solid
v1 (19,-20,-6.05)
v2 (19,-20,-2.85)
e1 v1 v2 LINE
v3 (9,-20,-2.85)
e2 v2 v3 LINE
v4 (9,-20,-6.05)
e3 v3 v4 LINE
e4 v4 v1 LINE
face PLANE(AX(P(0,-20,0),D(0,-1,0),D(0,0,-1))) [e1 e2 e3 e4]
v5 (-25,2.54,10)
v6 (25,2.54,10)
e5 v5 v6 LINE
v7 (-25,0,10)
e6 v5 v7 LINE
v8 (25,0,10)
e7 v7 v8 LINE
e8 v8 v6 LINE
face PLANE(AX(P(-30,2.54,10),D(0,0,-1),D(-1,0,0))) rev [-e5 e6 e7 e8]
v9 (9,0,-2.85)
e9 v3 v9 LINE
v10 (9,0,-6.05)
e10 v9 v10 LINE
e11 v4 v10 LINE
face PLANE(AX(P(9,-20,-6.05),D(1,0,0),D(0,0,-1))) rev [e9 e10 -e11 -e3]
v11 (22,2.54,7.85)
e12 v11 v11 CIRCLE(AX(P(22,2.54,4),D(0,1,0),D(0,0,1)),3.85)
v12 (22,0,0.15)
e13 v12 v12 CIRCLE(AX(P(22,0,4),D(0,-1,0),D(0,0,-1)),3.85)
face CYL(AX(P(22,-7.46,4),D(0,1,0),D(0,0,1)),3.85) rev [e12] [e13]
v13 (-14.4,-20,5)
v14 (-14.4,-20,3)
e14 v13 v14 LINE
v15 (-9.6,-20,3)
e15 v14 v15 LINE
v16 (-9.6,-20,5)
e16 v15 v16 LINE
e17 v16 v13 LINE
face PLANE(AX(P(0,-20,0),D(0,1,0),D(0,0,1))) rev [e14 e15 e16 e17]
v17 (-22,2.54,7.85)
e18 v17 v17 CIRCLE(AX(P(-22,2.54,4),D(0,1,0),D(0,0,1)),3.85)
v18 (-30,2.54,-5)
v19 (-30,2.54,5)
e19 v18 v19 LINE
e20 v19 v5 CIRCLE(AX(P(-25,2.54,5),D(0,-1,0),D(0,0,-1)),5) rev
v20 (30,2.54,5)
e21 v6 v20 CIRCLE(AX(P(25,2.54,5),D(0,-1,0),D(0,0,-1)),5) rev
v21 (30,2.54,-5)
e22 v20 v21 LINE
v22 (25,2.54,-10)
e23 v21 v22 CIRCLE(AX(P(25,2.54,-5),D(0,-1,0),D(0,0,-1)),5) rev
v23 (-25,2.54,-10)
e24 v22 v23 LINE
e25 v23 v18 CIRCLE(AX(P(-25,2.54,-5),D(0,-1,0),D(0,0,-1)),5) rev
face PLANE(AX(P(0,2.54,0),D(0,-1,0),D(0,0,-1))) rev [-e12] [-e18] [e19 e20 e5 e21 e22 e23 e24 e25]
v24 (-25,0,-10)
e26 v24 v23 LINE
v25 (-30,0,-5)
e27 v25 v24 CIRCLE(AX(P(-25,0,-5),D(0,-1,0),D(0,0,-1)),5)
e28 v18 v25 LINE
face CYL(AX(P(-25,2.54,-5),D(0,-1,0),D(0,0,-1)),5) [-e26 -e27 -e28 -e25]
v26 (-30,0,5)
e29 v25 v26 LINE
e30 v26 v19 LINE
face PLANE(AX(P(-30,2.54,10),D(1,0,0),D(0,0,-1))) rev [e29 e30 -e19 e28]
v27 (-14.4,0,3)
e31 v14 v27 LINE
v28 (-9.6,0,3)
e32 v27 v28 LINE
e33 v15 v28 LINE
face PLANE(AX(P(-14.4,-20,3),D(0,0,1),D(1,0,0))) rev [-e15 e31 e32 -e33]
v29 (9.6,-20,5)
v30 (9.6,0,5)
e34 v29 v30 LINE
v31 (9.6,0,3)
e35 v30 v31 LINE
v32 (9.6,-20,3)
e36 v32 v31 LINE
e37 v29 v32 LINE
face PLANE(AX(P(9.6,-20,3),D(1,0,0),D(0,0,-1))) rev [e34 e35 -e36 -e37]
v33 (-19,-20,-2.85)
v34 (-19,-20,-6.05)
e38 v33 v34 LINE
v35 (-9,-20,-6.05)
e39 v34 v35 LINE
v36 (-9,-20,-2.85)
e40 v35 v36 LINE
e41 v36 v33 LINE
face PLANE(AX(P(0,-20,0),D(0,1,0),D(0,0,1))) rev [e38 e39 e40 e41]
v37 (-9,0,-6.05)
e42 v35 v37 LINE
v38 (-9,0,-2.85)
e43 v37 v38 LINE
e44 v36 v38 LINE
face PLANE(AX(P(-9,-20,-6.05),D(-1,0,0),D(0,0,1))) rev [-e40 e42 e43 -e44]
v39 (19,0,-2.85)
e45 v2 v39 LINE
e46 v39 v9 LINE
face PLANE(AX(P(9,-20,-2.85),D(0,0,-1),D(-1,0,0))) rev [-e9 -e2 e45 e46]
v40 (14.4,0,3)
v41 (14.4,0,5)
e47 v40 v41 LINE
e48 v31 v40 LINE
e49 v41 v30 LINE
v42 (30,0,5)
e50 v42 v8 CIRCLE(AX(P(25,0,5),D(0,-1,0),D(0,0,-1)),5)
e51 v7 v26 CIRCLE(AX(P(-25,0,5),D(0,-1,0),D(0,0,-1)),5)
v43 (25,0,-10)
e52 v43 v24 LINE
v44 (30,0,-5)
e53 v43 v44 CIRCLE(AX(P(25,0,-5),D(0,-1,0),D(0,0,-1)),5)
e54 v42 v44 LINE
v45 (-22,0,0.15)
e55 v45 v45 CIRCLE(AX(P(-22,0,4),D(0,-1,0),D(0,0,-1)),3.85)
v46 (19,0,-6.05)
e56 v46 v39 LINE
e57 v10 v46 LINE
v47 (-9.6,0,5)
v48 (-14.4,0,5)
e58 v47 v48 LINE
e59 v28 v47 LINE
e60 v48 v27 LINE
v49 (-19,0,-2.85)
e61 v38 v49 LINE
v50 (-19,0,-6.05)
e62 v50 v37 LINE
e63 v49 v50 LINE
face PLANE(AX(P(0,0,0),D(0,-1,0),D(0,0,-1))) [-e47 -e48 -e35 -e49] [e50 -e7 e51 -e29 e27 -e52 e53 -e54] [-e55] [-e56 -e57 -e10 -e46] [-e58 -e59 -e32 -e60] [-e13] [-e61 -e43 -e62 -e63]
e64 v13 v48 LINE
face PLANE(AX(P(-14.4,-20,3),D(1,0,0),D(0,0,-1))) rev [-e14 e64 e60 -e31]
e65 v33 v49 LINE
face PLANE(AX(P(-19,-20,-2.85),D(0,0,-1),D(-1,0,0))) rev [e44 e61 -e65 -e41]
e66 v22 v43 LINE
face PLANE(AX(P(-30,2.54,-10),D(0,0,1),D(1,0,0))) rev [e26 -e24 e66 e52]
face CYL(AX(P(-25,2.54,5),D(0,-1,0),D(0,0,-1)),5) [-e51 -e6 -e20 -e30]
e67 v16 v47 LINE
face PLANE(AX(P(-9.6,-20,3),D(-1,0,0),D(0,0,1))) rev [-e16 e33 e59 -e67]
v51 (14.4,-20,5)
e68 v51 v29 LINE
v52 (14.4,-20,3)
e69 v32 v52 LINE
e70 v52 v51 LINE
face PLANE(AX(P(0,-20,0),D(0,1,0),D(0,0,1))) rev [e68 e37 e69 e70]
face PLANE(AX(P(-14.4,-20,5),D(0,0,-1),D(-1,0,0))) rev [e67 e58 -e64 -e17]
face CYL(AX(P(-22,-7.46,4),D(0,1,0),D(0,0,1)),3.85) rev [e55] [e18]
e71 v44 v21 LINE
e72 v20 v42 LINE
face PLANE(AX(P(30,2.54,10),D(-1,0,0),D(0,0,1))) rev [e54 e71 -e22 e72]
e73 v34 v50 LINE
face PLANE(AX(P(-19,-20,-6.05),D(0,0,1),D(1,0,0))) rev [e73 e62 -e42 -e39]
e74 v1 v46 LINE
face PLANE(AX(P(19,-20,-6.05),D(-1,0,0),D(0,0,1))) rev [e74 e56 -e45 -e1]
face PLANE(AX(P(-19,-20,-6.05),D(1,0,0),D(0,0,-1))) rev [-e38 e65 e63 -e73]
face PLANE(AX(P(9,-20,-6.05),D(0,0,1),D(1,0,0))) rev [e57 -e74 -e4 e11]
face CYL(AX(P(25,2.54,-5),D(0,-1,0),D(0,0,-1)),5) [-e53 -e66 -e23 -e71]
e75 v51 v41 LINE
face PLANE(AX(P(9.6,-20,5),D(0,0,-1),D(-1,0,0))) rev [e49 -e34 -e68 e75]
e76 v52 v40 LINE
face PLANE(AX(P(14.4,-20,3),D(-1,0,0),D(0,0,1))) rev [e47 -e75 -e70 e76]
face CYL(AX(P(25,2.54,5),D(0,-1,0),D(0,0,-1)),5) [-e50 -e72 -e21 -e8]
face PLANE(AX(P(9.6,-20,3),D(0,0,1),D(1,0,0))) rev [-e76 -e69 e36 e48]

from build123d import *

# Parameters (mm, degrees)
SKETCH1_W            = 60
SKETCH1_H            = 20
BOSS_EXTRUDE1_DEPTH  = 2.54
SKETCH2_R            = 3.85
EYESHAFT_HOLES_DEPTH = 10
SKETCH5_W            = 4.8
SKETCH5_H            = 2
FRONT_LEGS_DEPTH     = 20
SKETCH7_W            = 10
SKETCH7_H            = 3.2
BACK_LEGS_DEPTH      = 20
FILLET2_R            = 5


with BuildPart() as part:
    # Sketch1 → Boss-Extrude1 (new body)
    with BuildSketch(Plane(origin=(0, 0, 0), x_dir=(1, 0, 0), z_dir=(0, 1, 0))):
        Rectangle(SKETCH1_W, SKETCH1_H)
    extrude(amount=BOSS_EXTRUDE1_DEPTH)

    # Sketch2 → Eyeshaft holes (cut)
    with BuildSketch(Plane(origin=(0, 2.54, 0), x_dir=(1, 0, 0), z_dir=(0, 1, 0))):
        with Locations(Location((-22, -4, 0), (0, 0, 270))):
            Circle(SKETCH2_R)
        with Locations(Location((22, -4, 0), (0, 0, 270))):
            Circle(SKETCH2_R)
    extrude(amount=-EYESHAFT_HOLES_DEPTH, mode=Mode.SUBTRACT)

    # Sketch5 → Front Legs (add)
    with BuildSketch(Plane.XZ):
        with Locations((-12, 4)):
            Rectangle(SKETCH5_W, SKETCH5_H)
        with Locations((12, 4)):
            Rectangle(SKETCH5_W, SKETCH5_H)
    extrude(amount=FRONT_LEGS_DEPTH)

    # Sketch7 → Back legs (add)
    with BuildSketch(Plane.XZ):
        with Locations((-14, -4.45)):
            Rectangle(SKETCH7_W, SKETCH7_H)
        with Locations((14, -4.45)):
            Rectangle(SKETCH7_W, SKETCH7_H)
    extrude(amount=BACK_LEGS_DEPTH)

    # Fillet2
    fillet2_edges = [part.edges().sort_by_distance(p)[0] for p in [
        (30, 1.27, 10),
        (-30, 1.27, 10),
        (-30, 1.27, -10),
        (30, 1.27, -10),
    ]]
    fillet(fillet2_edges, radius=FILLET2_R)


solid = part.part
